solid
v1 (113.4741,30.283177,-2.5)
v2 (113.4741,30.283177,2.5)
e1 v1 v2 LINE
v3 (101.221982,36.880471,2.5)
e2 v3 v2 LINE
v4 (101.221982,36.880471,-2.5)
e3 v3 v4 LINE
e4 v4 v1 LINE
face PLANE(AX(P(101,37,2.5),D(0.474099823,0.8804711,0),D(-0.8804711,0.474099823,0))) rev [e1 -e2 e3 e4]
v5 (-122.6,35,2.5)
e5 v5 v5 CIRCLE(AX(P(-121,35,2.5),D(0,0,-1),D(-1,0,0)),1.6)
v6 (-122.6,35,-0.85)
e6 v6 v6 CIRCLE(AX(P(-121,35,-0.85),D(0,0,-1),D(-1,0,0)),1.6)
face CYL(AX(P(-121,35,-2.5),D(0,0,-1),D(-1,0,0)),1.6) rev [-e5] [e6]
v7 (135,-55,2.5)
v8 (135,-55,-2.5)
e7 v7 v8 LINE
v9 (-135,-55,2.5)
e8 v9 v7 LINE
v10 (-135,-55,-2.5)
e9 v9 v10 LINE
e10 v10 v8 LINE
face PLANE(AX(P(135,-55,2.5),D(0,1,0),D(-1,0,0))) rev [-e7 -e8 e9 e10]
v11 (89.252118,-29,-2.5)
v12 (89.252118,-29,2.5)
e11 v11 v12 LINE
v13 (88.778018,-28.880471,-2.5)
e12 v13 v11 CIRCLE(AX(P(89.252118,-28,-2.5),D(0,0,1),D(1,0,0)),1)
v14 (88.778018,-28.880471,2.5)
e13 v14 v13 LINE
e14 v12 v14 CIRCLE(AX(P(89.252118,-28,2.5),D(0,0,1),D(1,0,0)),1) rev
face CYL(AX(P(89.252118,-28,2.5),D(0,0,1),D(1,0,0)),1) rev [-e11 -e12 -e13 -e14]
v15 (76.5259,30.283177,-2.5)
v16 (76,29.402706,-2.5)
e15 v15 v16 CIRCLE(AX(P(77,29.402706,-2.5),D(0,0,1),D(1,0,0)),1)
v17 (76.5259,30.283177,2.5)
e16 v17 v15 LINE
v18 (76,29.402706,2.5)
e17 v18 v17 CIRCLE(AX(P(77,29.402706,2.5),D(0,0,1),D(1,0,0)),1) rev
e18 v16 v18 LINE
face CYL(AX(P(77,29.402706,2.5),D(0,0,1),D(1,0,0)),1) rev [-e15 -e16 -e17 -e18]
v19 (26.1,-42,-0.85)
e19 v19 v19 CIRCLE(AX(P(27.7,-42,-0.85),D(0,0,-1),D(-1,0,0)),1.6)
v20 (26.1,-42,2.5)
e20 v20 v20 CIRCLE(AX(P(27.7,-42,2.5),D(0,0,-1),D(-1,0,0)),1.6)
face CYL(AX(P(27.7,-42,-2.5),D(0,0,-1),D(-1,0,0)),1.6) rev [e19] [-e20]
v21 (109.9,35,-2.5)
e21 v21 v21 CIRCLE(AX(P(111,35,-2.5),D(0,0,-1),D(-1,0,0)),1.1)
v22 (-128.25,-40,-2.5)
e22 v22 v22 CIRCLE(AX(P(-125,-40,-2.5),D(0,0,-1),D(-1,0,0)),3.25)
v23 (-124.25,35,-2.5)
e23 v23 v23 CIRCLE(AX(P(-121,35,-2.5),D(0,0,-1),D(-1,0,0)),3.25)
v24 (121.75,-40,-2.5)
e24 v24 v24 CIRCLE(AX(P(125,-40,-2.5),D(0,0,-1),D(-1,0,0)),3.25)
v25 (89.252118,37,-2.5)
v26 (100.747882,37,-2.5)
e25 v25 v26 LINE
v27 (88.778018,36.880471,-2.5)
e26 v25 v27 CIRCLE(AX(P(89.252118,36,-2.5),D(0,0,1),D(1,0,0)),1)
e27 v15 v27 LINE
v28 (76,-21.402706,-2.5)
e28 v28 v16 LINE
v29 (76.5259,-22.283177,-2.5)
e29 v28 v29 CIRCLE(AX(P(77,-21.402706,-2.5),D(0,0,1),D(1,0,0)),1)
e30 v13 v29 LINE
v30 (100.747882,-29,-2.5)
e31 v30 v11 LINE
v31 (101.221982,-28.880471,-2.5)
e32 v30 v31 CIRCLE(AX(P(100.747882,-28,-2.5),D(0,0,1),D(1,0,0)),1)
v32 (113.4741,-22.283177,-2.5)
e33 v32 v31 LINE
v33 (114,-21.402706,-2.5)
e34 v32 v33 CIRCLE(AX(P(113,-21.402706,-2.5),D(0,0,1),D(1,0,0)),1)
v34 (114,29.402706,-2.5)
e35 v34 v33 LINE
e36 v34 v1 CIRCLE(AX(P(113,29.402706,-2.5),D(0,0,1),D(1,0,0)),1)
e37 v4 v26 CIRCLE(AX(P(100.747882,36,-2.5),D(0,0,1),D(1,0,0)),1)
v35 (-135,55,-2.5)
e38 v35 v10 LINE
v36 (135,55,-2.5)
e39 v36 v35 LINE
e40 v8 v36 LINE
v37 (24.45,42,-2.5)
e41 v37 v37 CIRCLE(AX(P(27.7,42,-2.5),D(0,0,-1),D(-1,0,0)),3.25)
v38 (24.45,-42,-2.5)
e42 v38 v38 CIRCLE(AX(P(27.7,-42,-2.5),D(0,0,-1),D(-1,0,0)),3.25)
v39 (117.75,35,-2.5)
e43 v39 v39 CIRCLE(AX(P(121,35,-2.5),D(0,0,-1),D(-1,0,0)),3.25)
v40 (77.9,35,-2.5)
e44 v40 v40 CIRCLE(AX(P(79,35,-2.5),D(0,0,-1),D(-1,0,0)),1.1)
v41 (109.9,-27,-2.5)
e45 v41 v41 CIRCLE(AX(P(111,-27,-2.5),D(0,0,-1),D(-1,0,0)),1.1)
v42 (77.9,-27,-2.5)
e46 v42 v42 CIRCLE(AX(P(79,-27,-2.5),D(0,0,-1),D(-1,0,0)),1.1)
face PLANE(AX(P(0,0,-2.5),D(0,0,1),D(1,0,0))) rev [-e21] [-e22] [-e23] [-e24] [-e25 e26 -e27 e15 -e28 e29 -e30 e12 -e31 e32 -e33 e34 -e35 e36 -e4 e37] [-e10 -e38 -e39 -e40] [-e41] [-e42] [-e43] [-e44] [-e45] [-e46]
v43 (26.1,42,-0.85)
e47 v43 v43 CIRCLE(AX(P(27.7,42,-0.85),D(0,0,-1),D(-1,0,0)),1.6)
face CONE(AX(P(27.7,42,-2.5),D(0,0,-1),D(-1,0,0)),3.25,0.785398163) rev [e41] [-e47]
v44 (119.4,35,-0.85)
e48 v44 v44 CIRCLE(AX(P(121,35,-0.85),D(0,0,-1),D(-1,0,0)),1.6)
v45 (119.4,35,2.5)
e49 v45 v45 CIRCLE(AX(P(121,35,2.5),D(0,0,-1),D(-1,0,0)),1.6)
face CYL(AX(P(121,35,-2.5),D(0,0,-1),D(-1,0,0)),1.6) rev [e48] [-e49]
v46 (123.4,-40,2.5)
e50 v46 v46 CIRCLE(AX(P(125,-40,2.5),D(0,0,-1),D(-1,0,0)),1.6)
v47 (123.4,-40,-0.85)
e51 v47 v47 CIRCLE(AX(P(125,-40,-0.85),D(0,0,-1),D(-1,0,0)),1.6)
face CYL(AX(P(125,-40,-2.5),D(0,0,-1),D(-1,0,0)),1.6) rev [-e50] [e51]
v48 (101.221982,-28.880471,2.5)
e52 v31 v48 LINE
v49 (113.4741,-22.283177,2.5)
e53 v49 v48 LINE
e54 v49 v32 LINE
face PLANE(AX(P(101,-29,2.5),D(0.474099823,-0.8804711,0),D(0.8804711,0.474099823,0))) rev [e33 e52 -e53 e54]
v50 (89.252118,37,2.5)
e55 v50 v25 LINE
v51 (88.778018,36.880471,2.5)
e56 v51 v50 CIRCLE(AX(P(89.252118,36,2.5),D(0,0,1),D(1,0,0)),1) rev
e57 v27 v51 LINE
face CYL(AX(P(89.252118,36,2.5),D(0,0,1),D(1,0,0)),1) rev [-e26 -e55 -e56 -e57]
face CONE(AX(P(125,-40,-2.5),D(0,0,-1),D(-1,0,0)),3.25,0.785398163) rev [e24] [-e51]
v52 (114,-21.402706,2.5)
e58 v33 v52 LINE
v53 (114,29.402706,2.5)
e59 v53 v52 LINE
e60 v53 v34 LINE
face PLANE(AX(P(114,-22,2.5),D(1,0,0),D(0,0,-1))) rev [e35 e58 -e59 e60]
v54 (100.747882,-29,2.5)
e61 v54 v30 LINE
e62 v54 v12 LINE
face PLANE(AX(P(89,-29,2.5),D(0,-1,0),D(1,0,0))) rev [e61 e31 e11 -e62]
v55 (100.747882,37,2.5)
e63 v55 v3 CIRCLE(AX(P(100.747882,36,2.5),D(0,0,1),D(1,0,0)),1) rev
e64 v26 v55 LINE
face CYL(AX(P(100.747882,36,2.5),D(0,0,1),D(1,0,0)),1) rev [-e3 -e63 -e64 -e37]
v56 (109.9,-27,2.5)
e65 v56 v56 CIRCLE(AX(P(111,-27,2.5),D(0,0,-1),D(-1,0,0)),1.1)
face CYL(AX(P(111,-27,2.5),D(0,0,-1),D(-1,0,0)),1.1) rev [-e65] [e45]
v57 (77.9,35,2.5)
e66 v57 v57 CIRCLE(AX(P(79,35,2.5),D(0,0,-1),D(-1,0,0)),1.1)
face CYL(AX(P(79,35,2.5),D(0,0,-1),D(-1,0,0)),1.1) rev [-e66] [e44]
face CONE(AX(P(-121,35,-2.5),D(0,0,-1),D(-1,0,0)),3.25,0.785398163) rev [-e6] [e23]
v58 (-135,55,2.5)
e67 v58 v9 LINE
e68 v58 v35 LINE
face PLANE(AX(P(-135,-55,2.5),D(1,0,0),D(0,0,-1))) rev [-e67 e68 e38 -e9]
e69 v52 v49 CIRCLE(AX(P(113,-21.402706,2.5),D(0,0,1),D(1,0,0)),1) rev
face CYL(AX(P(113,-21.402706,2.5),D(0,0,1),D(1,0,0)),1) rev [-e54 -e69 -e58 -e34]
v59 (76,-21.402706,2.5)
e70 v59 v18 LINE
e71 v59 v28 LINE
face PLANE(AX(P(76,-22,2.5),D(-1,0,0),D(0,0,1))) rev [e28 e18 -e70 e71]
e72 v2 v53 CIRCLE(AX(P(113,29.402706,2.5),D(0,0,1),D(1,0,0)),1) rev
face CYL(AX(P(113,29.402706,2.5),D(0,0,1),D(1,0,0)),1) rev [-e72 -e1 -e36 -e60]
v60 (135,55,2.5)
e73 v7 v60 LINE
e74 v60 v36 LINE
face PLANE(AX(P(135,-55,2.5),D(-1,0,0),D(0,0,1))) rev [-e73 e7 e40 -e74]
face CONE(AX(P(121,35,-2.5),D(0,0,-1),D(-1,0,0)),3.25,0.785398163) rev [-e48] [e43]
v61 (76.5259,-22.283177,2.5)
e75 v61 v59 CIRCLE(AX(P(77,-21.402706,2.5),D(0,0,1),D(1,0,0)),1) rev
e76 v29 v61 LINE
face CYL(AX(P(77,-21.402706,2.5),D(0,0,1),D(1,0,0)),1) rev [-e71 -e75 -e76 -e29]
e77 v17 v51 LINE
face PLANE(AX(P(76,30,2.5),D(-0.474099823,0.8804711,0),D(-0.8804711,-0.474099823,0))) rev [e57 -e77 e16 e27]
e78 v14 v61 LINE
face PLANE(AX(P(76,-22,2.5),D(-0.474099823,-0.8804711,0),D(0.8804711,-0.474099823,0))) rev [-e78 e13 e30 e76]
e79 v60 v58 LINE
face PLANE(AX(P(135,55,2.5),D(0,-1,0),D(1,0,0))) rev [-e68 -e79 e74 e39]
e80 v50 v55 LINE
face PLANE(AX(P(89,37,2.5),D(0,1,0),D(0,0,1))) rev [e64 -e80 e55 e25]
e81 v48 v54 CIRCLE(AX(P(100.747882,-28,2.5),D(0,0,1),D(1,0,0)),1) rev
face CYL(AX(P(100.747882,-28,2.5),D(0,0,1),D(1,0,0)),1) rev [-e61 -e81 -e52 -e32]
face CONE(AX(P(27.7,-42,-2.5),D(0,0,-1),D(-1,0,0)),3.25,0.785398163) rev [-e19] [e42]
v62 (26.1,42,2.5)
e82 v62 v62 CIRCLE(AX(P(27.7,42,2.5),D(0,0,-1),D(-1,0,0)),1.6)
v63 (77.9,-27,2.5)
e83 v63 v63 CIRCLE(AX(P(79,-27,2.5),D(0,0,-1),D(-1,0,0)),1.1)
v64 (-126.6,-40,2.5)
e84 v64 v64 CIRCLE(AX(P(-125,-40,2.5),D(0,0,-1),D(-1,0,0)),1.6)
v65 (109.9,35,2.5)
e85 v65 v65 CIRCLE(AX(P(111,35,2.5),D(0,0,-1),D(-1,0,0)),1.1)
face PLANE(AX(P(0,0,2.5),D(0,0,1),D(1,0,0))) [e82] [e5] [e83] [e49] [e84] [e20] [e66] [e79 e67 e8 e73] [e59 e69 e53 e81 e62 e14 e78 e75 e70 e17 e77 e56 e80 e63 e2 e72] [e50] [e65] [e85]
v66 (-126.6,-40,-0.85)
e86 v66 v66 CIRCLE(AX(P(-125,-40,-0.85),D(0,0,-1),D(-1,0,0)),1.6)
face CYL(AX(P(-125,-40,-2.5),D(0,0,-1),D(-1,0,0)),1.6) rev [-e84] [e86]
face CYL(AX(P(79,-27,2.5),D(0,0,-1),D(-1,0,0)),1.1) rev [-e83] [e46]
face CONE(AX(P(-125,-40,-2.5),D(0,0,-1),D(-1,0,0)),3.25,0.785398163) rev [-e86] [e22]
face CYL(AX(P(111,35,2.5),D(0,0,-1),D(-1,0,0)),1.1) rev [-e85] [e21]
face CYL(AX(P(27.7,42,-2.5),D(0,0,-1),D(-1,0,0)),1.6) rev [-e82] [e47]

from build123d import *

# Parameters (mm, degrees)
SKETCH1_W                             = 270
SKETCH1_H                             = 110
SHEET_DEPTH                           = 2.5
SKETCH4_R                             = 1.1
CUT_EXTRUDE1_DEPTH                    = 6
FILLET1_R                             = 1
F_3_2_3_2_MOUNTHOLES_D                = 3.2
F_3_2_3_2_MOUNTHOLES_CSINK_D          = 6.5
F_3_2_3_2_MOUNTHOLES_CSINK_ANGLE      = 90
F_3_2_3_2_MIDDLEPARTHOLES_D           = 3.2
F_3_2_3_2_MIDDLEPARTHOLES_CSINK_D     = 6.5
F_3_2_3_2_MIDDLEPARTHOLES_CSINK_ANGLE = 90


with BuildPart() as part:
    # Sketch1 → Sheet (new body, symmetric)
    with BuildSketch(Plane.XY):
        Rectangle(SKETCH1_W, SKETCH1_H)
    extrude(amount=SHEET_DEPTH, both=True)

    # Sketch4 → Cut-Extrude1 (cut, through all)
    with BuildSketch(Plane(origin=(0, 0, -2.5), x_dir=(-1, 0, 0), z_dir=(0, 0, -1))):
        with Locations((-79, 35)):
            Circle(SKETCH4_R)
        with Locations((-111, 35)):
            Circle(SKETCH4_R)
        with Locations((-111, -27)):
            Circle(SKETCH4_R)
        with Locations((-79, -27)):
            Circle(SKETCH4_R)
        Polygon((-101, 37), (-114, 30), (-114, -22), (-101, -29), (-89, -29), (-76, -22), (-76, 30), (-89, 37), align=None)
    extrude(amount=-CUT_EXTRUDE1_DEPTH, mode=Mode.SUBTRACT)

    # Fillet1
    fillet1_edges = [part.edges().sort_by_distance(p)[0] for p in [
        (89, 37, 0),
        (76, 30, 0),
        (76, -22, 0),
        (89, -29, 0),
        (101, -29, 0),
        (114, -22, 0),
        (114, 30, 0),
        (101, 37, 0),
    ]]
    fillet(fillet1_edges, radius=FILLET1_R)

    # Ø3.2 (3.2) MountHoles (through all)
    with Locations(Plane(origin=(0, 0, -2.5), x_dir=(-1, 0, 0), z_dir=(0, 0, -1))):
        with Locations((-121, 35), (-125, -40), (125, -40), (121, 35)):
            CounterSinkHole(F_3_2_3_2_MOUNTHOLES_D / 2, F_3_2_3_2_MOUNTHOLES_CSINK_D / 2, counter_sink_angle=F_3_2_3_2_MOUNTHOLES_CSINK_ANGLE)

    # Ø3.2 (3.2) MiddlePartHoles (through all)
    with Locations(Plane(origin=(0, 0, -2.5), x_dir=(-1, 0, 0), z_dir=(0, 0, -1))):
        with Locations((-27.7, 42), (-27.7, -42)):
            CounterSinkHole(F_3_2_3_2_MIDDLEPARTHOLES_D / 2, F_3_2_3_2_MIDDLEPARTHOLES_CSINK_D / 2, counter_sink_angle=F_3_2_3_2_MIDDLEPARTHOLES_CSINK_ANGLE)


solid = part.part
